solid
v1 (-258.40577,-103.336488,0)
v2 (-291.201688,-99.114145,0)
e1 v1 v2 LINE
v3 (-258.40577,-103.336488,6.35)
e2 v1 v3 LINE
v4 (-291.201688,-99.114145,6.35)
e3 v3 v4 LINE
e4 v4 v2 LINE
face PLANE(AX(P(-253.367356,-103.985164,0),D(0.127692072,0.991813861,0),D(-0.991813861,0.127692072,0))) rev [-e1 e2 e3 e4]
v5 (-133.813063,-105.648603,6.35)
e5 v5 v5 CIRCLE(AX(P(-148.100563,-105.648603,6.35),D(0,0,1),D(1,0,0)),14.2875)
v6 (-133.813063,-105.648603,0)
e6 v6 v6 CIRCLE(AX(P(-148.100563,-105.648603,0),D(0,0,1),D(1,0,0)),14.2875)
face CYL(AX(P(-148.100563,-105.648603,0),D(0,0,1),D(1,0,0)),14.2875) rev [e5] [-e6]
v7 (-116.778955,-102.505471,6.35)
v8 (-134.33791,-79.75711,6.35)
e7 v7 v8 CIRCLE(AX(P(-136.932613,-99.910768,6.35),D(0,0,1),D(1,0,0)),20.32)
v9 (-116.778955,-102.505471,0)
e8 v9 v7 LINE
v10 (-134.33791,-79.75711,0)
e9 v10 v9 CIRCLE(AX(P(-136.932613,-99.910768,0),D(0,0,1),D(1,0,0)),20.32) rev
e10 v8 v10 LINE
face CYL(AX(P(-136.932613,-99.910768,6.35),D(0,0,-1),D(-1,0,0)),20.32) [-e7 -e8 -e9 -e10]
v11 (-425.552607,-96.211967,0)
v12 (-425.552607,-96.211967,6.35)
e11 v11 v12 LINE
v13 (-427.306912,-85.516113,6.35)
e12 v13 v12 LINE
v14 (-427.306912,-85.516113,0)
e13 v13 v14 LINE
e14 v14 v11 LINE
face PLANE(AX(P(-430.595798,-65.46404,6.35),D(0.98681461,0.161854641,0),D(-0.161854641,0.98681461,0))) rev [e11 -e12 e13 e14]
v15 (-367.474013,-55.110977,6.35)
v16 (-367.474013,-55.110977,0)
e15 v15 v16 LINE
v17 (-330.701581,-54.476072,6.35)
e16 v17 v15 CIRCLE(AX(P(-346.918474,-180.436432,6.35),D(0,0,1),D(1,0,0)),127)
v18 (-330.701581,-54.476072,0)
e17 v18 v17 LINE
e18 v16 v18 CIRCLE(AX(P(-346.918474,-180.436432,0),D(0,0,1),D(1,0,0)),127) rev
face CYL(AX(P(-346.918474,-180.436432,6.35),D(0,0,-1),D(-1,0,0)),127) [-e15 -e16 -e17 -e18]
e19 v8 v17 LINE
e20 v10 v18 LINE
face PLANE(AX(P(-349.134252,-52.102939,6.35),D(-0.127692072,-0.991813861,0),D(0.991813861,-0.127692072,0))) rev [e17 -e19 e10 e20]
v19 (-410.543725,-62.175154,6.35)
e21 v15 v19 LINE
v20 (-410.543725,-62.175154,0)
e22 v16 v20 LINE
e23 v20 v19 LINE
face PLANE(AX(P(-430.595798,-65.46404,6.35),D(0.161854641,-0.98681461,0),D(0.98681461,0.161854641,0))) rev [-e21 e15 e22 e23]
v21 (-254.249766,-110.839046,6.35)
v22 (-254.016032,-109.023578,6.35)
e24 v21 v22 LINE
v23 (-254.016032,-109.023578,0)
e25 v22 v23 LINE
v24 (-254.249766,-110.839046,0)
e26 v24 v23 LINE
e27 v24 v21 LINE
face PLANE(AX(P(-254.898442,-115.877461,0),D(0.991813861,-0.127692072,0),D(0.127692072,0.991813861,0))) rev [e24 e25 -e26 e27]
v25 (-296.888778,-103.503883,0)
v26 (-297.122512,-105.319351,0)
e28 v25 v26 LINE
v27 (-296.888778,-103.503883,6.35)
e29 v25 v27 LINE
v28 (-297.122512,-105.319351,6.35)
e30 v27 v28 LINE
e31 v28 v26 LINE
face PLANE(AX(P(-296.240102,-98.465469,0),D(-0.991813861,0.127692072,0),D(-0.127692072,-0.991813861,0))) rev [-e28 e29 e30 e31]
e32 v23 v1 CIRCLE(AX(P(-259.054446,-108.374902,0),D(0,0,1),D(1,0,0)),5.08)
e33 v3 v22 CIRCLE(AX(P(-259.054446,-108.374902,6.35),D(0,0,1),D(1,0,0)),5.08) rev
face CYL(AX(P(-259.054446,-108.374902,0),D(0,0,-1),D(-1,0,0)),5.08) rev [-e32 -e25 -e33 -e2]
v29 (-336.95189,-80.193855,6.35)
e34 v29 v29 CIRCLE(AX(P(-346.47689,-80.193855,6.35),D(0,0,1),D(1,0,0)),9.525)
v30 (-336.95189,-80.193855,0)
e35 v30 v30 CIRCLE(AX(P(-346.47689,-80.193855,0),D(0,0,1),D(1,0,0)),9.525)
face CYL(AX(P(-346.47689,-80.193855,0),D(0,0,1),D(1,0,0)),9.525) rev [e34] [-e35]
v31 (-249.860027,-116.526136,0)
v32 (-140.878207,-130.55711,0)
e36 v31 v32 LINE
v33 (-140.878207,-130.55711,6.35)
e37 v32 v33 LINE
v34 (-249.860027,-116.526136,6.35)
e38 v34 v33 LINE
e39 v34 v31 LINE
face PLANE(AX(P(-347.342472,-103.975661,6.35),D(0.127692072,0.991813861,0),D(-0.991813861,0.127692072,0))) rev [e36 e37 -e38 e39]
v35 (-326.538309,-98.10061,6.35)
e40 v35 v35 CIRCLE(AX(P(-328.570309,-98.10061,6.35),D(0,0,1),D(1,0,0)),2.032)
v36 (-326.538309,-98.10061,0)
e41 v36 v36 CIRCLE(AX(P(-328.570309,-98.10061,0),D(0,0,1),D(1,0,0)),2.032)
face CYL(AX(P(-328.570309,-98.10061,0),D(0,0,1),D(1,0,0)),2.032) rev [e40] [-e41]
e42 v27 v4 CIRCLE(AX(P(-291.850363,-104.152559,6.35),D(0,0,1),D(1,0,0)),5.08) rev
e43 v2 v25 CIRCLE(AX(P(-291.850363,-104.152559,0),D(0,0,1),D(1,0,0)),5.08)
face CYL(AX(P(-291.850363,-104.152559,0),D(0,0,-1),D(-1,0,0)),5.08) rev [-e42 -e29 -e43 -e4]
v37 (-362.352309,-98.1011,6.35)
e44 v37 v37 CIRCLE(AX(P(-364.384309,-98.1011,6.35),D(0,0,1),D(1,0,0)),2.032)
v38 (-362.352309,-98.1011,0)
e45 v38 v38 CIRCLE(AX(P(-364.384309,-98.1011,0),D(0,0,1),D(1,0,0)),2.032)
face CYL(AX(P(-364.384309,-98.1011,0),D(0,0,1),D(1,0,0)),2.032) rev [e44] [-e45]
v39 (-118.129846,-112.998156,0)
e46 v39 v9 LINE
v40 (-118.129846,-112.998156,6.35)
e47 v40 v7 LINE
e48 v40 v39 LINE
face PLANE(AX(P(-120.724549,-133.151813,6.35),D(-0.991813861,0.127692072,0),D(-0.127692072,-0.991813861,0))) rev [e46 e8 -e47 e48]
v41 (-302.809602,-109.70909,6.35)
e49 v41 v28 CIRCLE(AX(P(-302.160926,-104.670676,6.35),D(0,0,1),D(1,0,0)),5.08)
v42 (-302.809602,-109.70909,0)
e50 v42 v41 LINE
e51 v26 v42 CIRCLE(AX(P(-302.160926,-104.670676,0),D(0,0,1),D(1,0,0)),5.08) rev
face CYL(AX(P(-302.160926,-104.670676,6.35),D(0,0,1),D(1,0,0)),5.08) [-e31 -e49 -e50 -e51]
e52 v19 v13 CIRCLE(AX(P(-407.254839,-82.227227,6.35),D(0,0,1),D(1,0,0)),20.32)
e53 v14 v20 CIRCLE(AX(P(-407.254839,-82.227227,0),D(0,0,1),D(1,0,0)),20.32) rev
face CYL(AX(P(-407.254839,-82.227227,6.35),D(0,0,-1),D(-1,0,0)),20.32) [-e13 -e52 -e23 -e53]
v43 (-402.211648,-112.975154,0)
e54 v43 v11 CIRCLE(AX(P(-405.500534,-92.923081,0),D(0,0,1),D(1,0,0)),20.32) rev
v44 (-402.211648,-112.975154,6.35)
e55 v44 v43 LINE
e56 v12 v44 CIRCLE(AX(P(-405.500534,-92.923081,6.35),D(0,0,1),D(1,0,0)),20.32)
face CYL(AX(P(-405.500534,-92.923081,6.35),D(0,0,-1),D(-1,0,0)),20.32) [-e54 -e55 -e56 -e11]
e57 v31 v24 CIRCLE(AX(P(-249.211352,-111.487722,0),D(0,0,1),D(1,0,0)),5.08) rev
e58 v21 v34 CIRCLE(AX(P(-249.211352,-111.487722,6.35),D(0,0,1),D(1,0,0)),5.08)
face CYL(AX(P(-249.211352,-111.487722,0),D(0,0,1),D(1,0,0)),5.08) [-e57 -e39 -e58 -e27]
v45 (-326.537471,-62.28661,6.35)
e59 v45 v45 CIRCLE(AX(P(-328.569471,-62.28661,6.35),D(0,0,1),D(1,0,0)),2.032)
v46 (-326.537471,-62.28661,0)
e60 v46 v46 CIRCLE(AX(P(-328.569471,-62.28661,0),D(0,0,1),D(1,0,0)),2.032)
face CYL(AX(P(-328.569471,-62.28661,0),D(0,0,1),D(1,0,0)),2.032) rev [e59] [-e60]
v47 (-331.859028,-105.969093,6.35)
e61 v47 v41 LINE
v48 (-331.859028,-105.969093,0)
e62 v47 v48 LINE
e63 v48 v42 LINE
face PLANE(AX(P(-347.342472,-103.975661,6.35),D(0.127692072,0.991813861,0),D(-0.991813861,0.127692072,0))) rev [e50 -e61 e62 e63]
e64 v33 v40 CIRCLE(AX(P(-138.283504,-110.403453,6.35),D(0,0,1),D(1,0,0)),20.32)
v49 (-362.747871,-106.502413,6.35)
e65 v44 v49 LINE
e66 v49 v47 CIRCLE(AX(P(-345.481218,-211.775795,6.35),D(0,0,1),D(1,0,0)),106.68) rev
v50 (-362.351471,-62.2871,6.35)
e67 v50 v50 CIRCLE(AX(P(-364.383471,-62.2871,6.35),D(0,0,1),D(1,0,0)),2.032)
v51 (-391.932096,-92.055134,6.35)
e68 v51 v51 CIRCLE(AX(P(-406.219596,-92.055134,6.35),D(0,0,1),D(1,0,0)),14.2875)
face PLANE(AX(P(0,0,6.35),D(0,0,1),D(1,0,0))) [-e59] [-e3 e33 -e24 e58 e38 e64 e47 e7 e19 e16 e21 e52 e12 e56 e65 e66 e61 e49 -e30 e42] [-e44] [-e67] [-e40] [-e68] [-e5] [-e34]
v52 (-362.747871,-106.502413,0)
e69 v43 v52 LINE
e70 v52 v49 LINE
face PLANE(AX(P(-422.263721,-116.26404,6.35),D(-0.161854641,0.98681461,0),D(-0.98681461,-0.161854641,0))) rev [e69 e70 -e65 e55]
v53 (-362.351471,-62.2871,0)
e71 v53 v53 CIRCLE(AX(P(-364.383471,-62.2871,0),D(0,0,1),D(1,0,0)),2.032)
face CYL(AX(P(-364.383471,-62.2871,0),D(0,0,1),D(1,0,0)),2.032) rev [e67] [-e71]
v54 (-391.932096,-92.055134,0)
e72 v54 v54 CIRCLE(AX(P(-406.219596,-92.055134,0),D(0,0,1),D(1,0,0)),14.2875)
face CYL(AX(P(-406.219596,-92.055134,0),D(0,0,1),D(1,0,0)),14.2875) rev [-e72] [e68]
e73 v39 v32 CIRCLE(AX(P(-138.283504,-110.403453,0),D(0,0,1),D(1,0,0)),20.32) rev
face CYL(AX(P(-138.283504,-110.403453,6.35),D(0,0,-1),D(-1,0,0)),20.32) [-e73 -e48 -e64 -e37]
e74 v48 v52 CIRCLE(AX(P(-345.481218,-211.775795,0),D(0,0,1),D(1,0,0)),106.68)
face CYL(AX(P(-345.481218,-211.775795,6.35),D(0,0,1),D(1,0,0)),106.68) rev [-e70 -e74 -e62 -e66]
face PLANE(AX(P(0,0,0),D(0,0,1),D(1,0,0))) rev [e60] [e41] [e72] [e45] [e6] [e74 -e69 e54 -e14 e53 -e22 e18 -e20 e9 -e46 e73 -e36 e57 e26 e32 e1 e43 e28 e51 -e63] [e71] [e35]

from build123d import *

# Parameters (mm, degrees)
BOSS_EXTRUDE4_DEPTH = 6.35
SKETCH8_R           = 14.2875
SKETCH8_R_2         = 2.032
SKETCH8_R_3         = 9.525
CUT_EXTRUDE7_DEPTH  = 6.35
FILLET1_R           = 127
FILLET2_R           = 20.32
FILLET3_R           = 20.32
FILLET4_R           = 20.32
FILLET5_R           = 20.32
FILLET6_R           = 106.68
FILLET15_R          = 5.08
FILLET16_R          = 5.08
FILLET17_R          = 5.08
FILLET18_R          = 5.08


with BuildPart() as part:
    # Sketch6 → Boss-Extrude4 (new body)
    with BuildSketch(Plane.XY):
        Polygon((-430.595798314, -65.46403997), (-349.134252231, -52.10293935), (-114.184252231, -82.35181316), (-120.72454927, -133.15181316), (-347.342471816, -103.975661033), (-422.26372086, -116.26403997), align=None)
    extrude(amount=BOSS_EXTRUDE4_DEPTH)

    # Sketch8 → Cut-Extrude7 (cut)
    with BuildSketch(Plane.XY.offset(6.35)):
        with Locations((-406.219595957, -92.055134427)):
            Circle(SKETCH8_R)
        with Locations((-148.100562805, -105.64860282)):
            Circle(SKETCH8_R)
        with Locations((-364.383471272, -62.287100468)):
            Circle(SKETCH8_R_2)
        with Locations((-364.384308881, -98.101100468)):
            Circle(SKETCH8_R_2)
        with Locations((-328.570308884, -98.10061012)):
            Circle(SKETCH8_R_2)
        with Locations((-328.569471275, -62.28661013)):
            Circle(SKETCH8_R_2)
        with Locations((-346.476890078, -80.193855294)):
            Circle(SKETCH8_R_3)
        Polygon((-254.89844174, -115.877460566), (-253.367356027, -103.985163664), (-296.240101937, -98.465468917), (-297.77118765, -110.357765819), align=None)
    extrude(amount=-CUT_EXTRUDE7_DEPTH, mode=Mode.SUBTRACT)

    # Fillet1
    fillet1_edges = [part.edges().sort_by_distance(p)[0] for p in [
        (-349.134252231, -52.10293935, 3.175),
    ]]
    fillet(fillet1_edges, radius=FILLET1_R)

    # Fillet2
    fillet2_edges = [part.edges().sort_by_distance(p)[0] for p in [
        (-430.595798314, -65.46403997, 3.175),
    ]]
    fillet(fillet2_edges, radius=FILLET2_R)

    # Fillet3
    fillet3_edges = [part.edges().sort_by_distance(p)[0] for p in [
        (-422.26372086, -116.26403997, 3.175),
    ]]
    fillet(fillet3_edges, radius=FILLET3_R)

    # Fillet4
    fillet4_edges = [part.edges().sort_by_distance(p)[0] for p in [
        (-114.184252231, -82.35181316, 3.175),
    ]]
    fillet(fillet4_edges, radius=FILLET4_R)

    # Fillet5
    fillet5_edges = [part.edges().sort_by_distance(p)[0] for p in [
        (-120.72454927, -133.15181316, 3.175),
    ]]
    fillet(fillet5_edges, radius=FILLET5_R)

    # Fillet6
    fillet6_edges = [part.edges().sort_by_distance(p)[0] for p in [
        (-347.342471816, -103.975661033, 3.175),
    ]]
    fillet(fillet6_edges, radius=FILLET6_R)

    # Fillet15
    fillet15_edges = [part.edges().sort_by_distance(p)[0] for p in [
        (-254.89844174, -115.877460566, 3.175),
    ]]
    fillet(fillet15_edges, radius=FILLET15_R)

    # Fillet16
    fillet16_edges = [part.edges().sort_by_distance(p)[0] for p in [
        (-297.77118765, -110.357765819, 3.175),
    ]]
    fillet(fillet16_edges, radius=FILLET16_R)

    # Fillet17
    fillet17_edges = [part.edges().sort_by_distance(p)[0] for p in [
        (-296.240101937, -98.465468917, 3.175),
    ]]
    fillet(fillet17_edges, radius=FILLET17_R)

    # Fillet18
    fillet18_edges = [part.edges().sort_by_distance(p)[0] for p in [
        (-253.367356027, -103.985163664, 3.175),
    ]]
    fillet(fillet18_edges, radius=FILLET18_R)


solid = part.part
